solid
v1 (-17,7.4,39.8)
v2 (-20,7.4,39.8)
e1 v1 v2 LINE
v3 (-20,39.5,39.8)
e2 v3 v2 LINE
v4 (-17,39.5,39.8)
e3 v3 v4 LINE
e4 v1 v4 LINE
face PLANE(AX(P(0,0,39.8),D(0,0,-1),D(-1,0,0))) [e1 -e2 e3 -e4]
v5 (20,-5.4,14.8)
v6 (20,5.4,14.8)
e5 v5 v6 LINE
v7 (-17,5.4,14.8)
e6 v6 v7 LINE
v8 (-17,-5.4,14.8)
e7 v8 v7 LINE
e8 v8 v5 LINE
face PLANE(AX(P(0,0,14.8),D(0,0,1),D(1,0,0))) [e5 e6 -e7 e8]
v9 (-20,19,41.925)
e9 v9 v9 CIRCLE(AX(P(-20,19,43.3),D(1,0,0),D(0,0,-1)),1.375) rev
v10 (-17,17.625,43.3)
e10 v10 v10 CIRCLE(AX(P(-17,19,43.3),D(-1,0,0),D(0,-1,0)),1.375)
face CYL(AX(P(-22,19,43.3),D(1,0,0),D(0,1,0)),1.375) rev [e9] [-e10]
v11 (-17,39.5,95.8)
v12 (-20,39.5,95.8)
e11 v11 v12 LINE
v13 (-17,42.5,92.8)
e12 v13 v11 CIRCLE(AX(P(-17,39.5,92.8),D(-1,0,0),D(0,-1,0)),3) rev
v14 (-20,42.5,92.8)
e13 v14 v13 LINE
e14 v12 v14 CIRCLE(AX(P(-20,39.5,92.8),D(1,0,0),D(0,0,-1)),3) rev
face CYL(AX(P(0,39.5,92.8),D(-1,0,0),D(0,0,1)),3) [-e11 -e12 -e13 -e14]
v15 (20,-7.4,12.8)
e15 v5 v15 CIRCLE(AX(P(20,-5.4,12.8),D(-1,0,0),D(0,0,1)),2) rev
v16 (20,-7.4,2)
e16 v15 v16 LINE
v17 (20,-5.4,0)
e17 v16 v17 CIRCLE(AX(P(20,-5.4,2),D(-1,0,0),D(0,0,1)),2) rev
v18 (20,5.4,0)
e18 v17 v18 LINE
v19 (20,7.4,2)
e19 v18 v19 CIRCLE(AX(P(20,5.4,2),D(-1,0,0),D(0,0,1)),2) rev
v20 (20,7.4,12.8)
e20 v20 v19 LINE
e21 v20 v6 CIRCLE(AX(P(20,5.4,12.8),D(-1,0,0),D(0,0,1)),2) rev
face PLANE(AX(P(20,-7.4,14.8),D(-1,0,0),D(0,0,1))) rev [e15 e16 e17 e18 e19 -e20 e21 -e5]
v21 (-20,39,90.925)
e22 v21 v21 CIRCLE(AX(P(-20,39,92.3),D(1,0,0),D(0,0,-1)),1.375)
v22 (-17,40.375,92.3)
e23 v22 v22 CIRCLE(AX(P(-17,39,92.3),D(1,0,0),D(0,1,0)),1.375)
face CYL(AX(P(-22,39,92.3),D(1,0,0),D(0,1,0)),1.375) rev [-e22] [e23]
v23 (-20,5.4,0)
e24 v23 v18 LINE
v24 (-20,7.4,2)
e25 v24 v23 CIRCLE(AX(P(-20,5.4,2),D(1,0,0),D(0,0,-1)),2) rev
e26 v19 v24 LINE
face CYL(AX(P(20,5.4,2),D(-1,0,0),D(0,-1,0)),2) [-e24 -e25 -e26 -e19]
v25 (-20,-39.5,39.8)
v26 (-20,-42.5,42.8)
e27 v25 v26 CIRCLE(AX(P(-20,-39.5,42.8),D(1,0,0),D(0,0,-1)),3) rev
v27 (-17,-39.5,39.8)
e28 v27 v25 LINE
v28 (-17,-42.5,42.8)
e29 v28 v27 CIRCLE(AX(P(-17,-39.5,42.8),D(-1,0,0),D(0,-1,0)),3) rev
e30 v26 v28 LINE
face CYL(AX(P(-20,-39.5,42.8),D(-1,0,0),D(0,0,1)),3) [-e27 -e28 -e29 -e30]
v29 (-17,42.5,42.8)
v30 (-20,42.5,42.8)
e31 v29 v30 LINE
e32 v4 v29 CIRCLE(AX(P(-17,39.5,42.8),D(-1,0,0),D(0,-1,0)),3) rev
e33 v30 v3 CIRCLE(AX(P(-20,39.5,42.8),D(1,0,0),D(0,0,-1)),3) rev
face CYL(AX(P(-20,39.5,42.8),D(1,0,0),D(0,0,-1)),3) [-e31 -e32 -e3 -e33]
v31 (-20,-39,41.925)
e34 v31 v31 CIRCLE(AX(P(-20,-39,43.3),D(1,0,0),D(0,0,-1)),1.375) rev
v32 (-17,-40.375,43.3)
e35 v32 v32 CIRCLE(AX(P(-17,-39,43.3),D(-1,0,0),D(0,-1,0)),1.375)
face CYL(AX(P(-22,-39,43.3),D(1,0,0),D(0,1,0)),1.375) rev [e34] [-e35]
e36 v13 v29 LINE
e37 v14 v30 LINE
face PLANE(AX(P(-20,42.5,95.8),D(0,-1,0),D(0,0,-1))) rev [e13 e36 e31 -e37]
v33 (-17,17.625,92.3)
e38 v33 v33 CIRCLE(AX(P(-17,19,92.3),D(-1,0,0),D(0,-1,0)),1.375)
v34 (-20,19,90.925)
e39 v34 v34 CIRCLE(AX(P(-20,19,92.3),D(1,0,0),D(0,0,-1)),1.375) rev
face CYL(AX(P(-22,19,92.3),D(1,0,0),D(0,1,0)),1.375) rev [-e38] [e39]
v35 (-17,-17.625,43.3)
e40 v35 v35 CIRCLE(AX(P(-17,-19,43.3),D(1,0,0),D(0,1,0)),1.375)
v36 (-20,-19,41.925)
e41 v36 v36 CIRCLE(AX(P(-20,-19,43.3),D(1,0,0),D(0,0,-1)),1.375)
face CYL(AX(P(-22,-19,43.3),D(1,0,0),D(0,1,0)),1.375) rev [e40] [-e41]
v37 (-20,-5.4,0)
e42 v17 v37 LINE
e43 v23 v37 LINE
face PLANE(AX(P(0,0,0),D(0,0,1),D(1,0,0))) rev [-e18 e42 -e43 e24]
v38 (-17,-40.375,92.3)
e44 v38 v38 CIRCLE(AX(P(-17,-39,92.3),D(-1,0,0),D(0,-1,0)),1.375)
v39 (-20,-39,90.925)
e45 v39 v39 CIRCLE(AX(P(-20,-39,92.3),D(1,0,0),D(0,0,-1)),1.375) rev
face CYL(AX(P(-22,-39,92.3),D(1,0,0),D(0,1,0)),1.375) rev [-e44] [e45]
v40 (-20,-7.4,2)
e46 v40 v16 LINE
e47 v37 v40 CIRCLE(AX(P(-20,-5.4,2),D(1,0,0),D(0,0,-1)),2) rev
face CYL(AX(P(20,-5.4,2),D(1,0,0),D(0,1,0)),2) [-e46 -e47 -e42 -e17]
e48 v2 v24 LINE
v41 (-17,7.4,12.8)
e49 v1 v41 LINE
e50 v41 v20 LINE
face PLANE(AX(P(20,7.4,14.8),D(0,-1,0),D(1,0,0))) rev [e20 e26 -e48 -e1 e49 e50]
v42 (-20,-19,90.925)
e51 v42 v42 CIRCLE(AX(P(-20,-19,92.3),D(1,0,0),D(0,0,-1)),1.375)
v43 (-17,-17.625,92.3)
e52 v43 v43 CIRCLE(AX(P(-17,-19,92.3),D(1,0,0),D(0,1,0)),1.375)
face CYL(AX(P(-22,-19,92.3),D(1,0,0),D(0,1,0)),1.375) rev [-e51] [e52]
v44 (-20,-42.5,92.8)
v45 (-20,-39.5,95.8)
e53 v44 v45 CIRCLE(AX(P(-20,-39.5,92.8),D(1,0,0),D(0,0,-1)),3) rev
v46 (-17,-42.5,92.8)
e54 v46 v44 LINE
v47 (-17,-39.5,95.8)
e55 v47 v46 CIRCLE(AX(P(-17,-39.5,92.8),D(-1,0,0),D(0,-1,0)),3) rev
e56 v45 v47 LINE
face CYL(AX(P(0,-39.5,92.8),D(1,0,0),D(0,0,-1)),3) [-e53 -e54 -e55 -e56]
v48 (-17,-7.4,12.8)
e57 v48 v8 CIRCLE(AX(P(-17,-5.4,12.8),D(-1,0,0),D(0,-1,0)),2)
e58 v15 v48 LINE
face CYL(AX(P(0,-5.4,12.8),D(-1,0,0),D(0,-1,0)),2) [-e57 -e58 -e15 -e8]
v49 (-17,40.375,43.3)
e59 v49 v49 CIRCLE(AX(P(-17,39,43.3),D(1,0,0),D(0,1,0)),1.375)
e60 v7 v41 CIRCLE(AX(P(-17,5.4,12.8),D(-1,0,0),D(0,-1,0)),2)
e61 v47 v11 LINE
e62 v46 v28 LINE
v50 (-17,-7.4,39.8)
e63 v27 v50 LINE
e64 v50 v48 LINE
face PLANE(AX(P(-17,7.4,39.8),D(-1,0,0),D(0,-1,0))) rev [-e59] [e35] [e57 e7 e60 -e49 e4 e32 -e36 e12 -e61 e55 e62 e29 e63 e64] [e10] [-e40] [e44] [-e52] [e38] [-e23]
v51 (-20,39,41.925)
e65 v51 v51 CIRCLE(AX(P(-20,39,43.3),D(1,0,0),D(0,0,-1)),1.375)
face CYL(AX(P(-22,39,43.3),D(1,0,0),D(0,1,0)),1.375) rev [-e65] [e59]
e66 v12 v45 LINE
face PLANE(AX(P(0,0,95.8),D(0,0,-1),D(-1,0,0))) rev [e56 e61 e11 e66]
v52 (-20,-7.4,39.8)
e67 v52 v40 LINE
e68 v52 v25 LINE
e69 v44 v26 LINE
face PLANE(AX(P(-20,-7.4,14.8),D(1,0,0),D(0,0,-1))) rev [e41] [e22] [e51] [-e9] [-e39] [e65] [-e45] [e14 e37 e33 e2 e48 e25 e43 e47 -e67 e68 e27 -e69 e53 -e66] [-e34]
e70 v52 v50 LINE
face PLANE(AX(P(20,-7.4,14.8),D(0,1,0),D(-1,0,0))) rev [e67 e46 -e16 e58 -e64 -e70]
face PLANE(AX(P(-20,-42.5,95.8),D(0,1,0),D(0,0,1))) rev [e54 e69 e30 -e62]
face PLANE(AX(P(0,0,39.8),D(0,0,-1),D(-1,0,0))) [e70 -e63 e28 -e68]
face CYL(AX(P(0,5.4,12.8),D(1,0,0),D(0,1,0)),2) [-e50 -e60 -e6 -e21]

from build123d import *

# Parameters (mm, degrees)
SKETCH1_W           = 40
SKETCH1_H           = 14.8
BOSS_EXTRUDE1_DEPTH = 14.8
SKETCH3_W           = 3
SKETCH3_H           = 14.8
BOSS_EXTRUDE3_DEPTH = 25
SKETCH5_W           = 3
SKETCH5_H           = 85
BOSS_EXTRUDE4_DEPTH = 56
SKETCH6_R           = 1.375
CUT_EXTRUDE1_DEPTH  = 5
FILLET2_R           = 3
FILLET3_R           = 2


with BuildPart() as part:
    # Sketch1 → Boss-Extrude1 (new body)
    with BuildSketch(Plane.XY):
        Rectangle(SKETCH1_W, SKETCH1_H)
    extrude(amount=BOSS_EXTRUDE1_DEPTH)

    # Sketch3 → Boss-Extrude3 (add)
    with BuildSketch(Plane.XY.offset(14.8)):
        with Locations((-18.5, 0)):
            Rectangle(SKETCH3_W, SKETCH3_H)
    extrude(amount=BOSS_EXTRUDE3_DEPTH)

    # Sketch5 → Boss-Extrude4 (add)
    with BuildSketch(Plane.XY.offset(39.8)):
        with Locations((-18.5, 0)):
            Rectangle(SKETCH5_W, SKETCH5_H)
    extrude(amount=BOSS_EXTRUDE4_DEPTH)

    # Sketch6 → Cut-Extrude1 (cut)
    with BuildSketch(Plane(origin=(-17, 0, 0), x_dir=(0, 0, -1), z_dir=(1, 0, 0))):
        with Locations((-92.3, 39)):
            Circle(SKETCH6_R)
        with Locations((-43.3, 39)):
            Circle(SKETCH6_R)
        with Locations((-43.3, -19)):
            Circle(SKETCH6_R)
        with Locations((-92.3, -19)):
            Circle(SKETCH6_R)
    cut_extrude1 = extrude(amount=-CUT_EXTRUDE1_DEPTH, mode=Mode.SUBTRACT)

    # Fillet2
    fillet2_edges = [part.edges().sort_by_distance(p)[0] for p in [
        (-18.5, -42.5, 39.8),
        (-18.5, 42.5, 39.8),
        (-18.5, -42.5, 95.8),
        (-18.5, 42.5, 95.8),
    ]]
    fillet(fillet2_edges, radius=FILLET2_R)

    # Mirror1: Cut-Extrude1 across plane
    add(cut_extrude1.mirror(Plane.ZX), mode=Mode.SUBTRACT)

    # Fillet3
    fillet3_edges = [part.edges().sort_by_distance(p)[0] for p in [
        (1.5, 7.4, 14.8),
        (1.5, -7.4, 14.8),
        (0, 7.4, 0),
        (0, -7.4, 0),
    ]]
    fillet(fillet3_edges, radius=FILLET3_R)


solid = part.part
